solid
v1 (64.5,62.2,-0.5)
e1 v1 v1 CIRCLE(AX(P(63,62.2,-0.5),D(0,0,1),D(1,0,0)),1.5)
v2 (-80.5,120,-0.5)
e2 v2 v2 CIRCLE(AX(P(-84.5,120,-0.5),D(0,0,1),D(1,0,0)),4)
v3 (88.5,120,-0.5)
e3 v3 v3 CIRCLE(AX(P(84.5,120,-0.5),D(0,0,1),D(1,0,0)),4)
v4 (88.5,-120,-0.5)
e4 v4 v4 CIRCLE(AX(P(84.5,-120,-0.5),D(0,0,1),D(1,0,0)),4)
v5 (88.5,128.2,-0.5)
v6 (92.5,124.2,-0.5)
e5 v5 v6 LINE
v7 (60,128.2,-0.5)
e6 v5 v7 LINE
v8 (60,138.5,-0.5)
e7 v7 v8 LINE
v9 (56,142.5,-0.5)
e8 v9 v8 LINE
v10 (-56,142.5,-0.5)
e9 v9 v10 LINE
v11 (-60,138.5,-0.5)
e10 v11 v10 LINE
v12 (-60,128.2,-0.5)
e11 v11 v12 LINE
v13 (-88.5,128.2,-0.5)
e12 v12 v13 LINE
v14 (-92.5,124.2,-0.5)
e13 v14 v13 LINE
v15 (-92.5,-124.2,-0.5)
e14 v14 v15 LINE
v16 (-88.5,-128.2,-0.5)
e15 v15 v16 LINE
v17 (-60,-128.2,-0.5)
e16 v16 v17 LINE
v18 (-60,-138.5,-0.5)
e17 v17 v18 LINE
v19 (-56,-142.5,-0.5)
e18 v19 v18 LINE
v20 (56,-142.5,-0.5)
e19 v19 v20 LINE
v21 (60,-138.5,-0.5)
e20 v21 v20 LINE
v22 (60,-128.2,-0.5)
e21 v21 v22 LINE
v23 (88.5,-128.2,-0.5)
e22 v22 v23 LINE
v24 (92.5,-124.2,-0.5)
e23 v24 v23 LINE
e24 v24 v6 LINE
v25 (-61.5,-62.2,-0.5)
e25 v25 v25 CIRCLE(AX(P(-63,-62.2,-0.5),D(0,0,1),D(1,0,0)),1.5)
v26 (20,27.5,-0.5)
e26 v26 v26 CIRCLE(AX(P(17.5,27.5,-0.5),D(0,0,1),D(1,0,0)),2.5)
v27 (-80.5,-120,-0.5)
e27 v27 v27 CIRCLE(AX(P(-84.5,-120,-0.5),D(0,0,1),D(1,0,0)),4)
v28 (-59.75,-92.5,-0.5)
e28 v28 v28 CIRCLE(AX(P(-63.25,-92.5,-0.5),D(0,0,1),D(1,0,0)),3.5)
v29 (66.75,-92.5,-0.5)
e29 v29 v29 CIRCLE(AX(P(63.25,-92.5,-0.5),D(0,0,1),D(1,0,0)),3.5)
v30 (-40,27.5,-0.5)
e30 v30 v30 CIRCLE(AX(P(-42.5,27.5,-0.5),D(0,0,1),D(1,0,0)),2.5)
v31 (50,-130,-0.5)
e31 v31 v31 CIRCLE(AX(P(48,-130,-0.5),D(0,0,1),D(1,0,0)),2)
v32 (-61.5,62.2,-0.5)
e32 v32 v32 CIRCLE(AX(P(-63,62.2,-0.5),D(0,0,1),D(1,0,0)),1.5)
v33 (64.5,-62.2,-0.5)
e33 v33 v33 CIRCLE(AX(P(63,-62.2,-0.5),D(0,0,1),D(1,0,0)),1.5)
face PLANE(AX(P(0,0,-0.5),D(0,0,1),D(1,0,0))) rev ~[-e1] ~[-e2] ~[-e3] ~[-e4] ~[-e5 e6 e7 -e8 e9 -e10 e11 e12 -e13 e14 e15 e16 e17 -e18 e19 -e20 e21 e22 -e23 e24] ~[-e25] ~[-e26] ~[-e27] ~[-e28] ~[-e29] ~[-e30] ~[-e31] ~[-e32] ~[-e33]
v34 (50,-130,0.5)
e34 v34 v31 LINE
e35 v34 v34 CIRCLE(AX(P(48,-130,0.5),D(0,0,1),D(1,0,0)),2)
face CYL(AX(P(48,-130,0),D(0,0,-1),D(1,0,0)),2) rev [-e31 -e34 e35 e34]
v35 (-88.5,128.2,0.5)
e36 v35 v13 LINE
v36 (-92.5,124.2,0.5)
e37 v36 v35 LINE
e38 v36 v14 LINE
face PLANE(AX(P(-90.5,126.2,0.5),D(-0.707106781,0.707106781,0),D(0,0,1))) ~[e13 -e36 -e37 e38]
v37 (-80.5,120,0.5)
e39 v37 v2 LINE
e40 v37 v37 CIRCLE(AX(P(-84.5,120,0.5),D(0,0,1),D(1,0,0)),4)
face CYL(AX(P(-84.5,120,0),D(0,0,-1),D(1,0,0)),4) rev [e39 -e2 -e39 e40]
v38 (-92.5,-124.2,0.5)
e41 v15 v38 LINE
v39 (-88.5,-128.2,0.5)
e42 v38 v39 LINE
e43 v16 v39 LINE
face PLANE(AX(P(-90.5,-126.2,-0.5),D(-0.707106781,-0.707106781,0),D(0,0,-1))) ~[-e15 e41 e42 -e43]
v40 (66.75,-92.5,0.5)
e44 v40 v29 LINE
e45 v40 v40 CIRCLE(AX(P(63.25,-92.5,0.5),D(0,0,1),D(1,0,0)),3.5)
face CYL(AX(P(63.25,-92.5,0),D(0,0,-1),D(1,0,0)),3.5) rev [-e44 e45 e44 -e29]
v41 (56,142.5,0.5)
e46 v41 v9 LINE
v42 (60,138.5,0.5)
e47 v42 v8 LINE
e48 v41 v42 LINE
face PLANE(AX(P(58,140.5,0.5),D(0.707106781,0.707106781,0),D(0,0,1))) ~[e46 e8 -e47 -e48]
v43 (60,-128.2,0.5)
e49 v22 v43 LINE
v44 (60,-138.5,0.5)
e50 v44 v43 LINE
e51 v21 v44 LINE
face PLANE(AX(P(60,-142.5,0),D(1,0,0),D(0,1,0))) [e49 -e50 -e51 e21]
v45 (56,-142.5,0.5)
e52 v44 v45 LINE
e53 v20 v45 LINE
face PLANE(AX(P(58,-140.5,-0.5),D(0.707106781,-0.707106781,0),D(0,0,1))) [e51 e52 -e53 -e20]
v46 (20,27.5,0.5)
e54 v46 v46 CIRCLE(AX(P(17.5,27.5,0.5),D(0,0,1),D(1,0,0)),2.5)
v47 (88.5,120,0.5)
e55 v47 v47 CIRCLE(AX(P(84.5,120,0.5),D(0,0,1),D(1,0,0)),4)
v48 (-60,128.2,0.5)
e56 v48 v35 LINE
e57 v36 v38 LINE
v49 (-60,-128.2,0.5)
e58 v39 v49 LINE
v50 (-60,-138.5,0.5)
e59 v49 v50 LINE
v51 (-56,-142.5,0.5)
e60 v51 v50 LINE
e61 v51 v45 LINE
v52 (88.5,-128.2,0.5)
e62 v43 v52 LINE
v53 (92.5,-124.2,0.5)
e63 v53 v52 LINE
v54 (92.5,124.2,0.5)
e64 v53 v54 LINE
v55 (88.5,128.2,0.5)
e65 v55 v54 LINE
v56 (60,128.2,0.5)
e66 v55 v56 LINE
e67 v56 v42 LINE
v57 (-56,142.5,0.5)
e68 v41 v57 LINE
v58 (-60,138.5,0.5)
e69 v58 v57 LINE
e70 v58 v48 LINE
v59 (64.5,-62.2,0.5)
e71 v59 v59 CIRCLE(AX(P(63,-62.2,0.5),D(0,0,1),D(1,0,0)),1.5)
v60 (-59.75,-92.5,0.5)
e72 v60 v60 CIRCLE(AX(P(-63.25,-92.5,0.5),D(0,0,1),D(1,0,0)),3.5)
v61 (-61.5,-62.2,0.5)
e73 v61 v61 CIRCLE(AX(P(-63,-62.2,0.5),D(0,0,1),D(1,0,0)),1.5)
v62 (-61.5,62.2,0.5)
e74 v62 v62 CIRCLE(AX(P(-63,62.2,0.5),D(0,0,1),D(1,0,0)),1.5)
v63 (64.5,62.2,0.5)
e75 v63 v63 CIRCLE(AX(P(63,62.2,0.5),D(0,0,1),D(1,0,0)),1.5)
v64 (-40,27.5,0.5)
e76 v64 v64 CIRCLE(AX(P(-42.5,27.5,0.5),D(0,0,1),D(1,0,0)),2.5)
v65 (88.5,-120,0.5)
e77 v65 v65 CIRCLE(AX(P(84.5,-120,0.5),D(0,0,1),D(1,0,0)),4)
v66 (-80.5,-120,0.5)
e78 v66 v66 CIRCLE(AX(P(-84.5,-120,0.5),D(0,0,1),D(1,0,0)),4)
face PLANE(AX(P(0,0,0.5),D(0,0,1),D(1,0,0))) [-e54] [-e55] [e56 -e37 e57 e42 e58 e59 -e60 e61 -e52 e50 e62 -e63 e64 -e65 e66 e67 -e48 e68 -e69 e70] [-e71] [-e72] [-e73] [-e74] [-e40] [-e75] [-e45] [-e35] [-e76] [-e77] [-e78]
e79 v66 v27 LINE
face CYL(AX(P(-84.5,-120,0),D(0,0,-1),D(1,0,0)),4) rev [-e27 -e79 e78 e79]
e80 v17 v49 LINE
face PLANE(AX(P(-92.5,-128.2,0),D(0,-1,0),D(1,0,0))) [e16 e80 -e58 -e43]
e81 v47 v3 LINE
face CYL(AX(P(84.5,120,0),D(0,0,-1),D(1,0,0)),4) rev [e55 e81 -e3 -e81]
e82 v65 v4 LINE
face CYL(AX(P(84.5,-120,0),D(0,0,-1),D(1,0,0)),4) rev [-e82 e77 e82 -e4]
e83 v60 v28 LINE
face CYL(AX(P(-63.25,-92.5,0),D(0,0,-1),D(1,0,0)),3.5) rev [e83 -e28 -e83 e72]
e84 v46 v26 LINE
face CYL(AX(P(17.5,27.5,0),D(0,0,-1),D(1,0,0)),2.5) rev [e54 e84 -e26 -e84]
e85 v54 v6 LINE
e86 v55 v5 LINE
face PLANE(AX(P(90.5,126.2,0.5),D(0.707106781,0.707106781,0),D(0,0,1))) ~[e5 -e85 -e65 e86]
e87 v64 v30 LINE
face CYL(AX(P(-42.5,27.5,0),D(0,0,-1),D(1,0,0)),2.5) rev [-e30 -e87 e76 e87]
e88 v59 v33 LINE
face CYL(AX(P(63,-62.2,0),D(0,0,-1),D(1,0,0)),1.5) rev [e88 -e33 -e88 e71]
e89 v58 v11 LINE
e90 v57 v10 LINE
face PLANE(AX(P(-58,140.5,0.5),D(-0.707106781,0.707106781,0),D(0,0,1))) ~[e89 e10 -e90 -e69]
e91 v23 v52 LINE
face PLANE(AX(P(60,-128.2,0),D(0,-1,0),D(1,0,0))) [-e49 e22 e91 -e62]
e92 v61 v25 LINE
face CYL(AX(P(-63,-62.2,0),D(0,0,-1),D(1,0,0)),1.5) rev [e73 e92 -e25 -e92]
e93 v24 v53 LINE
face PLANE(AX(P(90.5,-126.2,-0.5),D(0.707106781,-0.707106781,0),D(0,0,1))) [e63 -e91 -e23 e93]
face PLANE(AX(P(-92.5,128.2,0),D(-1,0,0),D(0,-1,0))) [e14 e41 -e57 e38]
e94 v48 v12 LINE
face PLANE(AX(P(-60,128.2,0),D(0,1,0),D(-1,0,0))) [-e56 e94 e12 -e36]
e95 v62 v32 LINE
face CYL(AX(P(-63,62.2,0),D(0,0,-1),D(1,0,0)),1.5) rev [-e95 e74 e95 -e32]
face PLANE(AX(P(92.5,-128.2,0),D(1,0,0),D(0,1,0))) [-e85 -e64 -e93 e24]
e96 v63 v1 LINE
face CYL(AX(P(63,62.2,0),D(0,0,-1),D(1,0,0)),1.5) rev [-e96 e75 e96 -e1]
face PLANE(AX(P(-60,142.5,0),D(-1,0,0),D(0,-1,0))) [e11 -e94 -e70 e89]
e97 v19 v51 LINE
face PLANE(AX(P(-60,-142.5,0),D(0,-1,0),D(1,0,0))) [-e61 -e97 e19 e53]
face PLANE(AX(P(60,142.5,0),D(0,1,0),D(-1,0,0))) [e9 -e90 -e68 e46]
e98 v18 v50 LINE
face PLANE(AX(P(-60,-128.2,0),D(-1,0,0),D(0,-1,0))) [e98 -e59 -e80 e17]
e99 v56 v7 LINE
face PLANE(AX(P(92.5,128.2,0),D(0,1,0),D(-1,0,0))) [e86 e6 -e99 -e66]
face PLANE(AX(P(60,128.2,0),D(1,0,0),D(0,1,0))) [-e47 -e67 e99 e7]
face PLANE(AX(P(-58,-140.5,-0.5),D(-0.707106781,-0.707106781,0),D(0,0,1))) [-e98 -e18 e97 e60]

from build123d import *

# Parameters (mm, degrees)
F0_R     = 4
F0_R_2   = 3.5
F0_R_3   = 1.5
F0_R_4   = 2
F0_R_5   = 2.5
F1_DEPTH = 0.5
F2_SIZE  = 4


with BuildPart() as f1:
    # F0 (on Top) → F1 (new body, symmetric)
    with BuildSketch(Plane.XY):
        Polygon((-92.5, 128.2), (-92.5, 0), (-92.5, -128.2), (-60, -128.2), (-60, -142.5), (0, -142.5), (60, -142.5), (60, -128.2), (92.5, -128.2), (92.5, 0), (92.5, 128.2), (60, 128.2), (60, 142.5), (0, 142.5), (-60, 142.5), (-60, 128.2), align=None)
        with Locations((-84.5, -120)):
            Circle(F0_R, mode=Mode.SUBTRACT)
        with Locations((-63.25, -92.5)):
            Circle(F0_R_2, mode=Mode.SUBTRACT)
        with Locations((-63, -62.2)):
            Circle(F0_R_3, mode=Mode.SUBTRACT)
        with Locations((48, -130)):
            Circle(F0_R_4, mode=Mode.SUBTRACT)
        with Locations((84.5, -120)):
            Circle(F0_R, mode=Mode.SUBTRACT)
        with Locations((63.25, -92.5)):
            Circle(F0_R_2, mode=Mode.SUBTRACT)
        with Locations((63, -62.2)):
            Circle(F0_R_3, mode=Mode.SUBTRACT)
        with Locations((-63, 62.2)):
            Circle(F0_R_3, mode=Mode.SUBTRACT)
        with Locations((-42.5, 27.5)):
            Circle(F0_R_5, mode=Mode.SUBTRACT)
        with Locations((-84.5, 120)):
            Circle(F0_R, mode=Mode.SUBTRACT)
        with Locations((17.5, 27.5)):
            Circle(F0_R_5, mode=Mode.SUBTRACT)
        with Locations((63, 62.2)):
            Circle(F0_R_3, mode=Mode.SUBTRACT)
        with Locations((84.5, 120)):
            Circle(F0_R, mode=Mode.SUBTRACT)
    extrude(amount=F1_DEPTH, both=True)

    # F2
    f2_edges = [f1.edges().sort_by_distance(p)[0] for p in [
        (-92.5, 128.2, 0),
        (-60, 142.5, 0),
        (60, 142.5, 0),
        (92.5, 128.2, 0),
        (92.5, -128.2, 0),
        (60, -142.5, 0),
        (-60, -142.5, 0),
        (-92.5, -128.2, 0),
    ]]
    chamfer(f2_edges, length=F2_SIZE)


solid = f1.part
